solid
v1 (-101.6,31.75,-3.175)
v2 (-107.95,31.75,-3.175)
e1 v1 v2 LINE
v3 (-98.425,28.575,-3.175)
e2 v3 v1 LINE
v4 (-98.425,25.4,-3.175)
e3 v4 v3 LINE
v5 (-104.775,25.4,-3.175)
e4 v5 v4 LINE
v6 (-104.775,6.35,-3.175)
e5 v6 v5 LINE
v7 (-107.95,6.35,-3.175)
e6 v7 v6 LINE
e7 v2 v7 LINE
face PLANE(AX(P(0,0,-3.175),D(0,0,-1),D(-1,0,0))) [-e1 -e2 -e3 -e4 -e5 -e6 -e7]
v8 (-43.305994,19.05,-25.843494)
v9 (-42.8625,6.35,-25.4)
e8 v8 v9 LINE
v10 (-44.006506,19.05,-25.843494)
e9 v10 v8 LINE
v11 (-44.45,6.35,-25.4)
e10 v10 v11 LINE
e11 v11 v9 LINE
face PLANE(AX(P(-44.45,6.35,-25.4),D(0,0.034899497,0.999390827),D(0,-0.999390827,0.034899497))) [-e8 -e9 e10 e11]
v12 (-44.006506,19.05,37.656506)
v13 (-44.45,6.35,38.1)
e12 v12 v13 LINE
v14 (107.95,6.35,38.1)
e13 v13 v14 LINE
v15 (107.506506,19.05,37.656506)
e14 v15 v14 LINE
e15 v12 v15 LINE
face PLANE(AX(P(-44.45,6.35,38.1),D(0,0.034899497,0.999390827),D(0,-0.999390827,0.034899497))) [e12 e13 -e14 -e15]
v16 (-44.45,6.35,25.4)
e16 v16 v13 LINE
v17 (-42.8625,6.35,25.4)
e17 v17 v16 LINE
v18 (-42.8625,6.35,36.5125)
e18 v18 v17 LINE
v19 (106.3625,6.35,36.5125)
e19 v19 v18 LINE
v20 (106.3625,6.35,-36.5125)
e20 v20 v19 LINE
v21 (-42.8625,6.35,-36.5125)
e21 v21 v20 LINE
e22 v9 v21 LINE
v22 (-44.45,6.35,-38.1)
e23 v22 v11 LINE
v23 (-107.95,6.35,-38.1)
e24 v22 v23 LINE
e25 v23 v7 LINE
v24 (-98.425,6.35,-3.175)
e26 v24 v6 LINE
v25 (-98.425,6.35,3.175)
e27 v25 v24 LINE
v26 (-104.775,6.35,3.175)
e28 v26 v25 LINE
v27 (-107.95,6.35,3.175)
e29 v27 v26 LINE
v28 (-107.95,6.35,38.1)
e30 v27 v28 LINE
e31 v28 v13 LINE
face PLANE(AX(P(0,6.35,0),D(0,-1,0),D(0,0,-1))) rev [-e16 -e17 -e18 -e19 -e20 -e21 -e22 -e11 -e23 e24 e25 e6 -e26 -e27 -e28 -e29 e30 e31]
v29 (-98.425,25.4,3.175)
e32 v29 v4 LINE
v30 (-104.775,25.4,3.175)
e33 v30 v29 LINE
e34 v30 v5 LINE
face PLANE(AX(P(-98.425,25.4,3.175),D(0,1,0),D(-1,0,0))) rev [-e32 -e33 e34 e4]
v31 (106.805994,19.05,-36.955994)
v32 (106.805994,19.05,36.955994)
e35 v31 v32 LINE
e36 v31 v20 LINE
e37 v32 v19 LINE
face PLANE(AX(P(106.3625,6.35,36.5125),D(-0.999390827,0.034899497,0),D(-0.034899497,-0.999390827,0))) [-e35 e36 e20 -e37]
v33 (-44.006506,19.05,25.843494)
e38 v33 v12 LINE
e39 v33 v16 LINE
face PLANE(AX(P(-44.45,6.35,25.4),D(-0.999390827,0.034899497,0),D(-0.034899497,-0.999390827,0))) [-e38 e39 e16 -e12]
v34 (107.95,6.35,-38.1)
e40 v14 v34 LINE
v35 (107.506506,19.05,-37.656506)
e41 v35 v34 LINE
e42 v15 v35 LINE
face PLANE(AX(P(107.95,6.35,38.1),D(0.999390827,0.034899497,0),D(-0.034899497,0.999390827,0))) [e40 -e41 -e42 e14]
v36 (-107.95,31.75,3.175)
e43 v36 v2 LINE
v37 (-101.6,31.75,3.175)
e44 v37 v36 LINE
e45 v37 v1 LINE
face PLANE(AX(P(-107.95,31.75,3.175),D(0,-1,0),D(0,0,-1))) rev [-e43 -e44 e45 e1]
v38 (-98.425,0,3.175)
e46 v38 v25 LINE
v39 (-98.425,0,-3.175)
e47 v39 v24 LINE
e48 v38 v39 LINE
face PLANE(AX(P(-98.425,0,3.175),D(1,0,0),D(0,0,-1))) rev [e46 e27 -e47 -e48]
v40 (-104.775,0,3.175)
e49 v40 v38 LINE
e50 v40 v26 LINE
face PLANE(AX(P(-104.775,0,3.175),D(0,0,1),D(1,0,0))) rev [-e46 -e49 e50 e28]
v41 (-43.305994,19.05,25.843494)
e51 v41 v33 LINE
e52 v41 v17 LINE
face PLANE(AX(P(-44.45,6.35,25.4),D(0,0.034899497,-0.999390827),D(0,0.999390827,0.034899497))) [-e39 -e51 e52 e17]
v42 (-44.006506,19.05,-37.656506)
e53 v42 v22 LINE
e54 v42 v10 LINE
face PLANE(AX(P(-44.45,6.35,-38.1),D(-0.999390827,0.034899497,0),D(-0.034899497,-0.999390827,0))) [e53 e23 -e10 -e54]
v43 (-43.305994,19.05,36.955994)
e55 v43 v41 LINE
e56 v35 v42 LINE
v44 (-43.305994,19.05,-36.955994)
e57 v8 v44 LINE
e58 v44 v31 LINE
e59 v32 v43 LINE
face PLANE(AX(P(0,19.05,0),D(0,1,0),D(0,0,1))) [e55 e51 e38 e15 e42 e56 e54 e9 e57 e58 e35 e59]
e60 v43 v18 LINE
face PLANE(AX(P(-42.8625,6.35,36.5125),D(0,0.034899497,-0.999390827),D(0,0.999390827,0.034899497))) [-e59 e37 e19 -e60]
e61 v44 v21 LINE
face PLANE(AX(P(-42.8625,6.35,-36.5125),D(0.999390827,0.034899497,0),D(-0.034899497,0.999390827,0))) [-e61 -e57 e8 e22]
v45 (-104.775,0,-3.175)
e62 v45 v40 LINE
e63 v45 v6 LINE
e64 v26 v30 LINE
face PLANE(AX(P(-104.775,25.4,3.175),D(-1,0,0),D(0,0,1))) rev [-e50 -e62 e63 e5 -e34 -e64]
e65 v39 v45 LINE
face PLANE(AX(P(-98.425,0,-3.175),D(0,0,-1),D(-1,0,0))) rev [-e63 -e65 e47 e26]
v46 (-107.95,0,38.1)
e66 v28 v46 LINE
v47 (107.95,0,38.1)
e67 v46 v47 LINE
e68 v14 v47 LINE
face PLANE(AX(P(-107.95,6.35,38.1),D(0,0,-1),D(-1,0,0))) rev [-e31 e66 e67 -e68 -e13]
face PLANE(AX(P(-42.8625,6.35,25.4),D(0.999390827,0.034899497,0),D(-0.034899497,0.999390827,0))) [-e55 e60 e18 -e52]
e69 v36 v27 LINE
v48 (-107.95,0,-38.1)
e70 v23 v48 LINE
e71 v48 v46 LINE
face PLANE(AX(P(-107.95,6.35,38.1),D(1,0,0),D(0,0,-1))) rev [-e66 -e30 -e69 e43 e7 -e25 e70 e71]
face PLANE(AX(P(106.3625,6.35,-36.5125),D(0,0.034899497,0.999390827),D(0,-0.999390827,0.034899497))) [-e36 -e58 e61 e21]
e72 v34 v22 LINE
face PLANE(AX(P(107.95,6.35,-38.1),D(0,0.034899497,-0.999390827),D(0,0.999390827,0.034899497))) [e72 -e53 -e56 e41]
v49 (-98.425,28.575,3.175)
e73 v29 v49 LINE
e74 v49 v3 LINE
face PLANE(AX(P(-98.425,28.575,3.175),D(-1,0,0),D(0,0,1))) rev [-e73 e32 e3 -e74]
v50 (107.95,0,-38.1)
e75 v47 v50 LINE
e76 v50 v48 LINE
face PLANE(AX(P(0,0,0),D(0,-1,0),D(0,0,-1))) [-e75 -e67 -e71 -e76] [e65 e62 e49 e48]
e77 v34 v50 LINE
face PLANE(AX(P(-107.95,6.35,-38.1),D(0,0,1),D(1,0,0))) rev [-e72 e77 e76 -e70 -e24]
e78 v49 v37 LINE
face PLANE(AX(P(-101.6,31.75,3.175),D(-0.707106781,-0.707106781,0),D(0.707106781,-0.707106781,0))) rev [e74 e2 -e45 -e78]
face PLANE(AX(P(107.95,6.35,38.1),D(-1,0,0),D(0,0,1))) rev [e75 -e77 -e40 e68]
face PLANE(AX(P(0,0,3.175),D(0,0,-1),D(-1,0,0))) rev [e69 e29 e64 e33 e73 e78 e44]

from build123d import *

# Parameters (mm, degrees)
SKETCH1_W           = 215.9
SKETCH1_H           = 76.2
BOSS_EXTRUDE1_DEPTH = 6.35
BOSS_EXTRUDE2_DEPTH = 12.7
BOSS_EXTRUDE2_TAPER = 2
BOSS_EXTRUDE3_DEPTH = 3.175
SKETCH4_W           = 6.35
SKETCH4_H           = 6.35
CUT_EXTRUDE1_DEPTH  = 118.26027686


with BuildPart() as part:
    # Sketch1 → Boss-Extrude1 (new body)
    with BuildSketch(Plane(origin=(0, 0, 0), x_dir=(1, 0, 0), z_dir=(0, 1, 0))):
        Rectangle(SKETCH1_W, SKETCH1_H)
    extrude(amount=BOSS_EXTRUDE1_DEPTH)

    # Sketch2 → Boss-Extrude2 (add)
    with BuildSketch(Plane(origin=(0, 6.35, 0), x_dir=(1, 0, 0), z_dir=(0, 1, 0))):
        Polygon((-44.45, -38.1), (107.95, -38.1), (107.95, 38.1), (-44.45, 38.1), (-44.45, 25.4), (-42.8625, 25.4), (-42.8625, 36.5125), (106.3625, 36.5125), (106.3625, -36.5125), (-42.8625, -36.5125), (-42.8625, -25.4), (-44.45, -25.4), align=None)
    extrude(amount=BOSS_EXTRUDE2_DEPTH, taper=BOSS_EXTRUDE2_TAPER)

    # Sketch3 → Boss-Extrude3 (add, symmetric)
    with BuildSketch(Plane.XY):
        Polygon((-107.95, 6.35), (-107.95, 31.75), (-101.6, 31.75), (-98.425, 28.575), (-98.425, 25.4), (-104.775, 25.4), (-104.775, 6.35), align=None)
    extrude(amount=BOSS_EXTRUDE3_DEPTH, both=True)

    # Sketch4 → Cut-Extrude1 (cut, through all)
    with BuildSketch(Plane(origin=(0, 6.35, 0), x_dir=(1, 0, 0), z_dir=(0, 1, 0))):
        with Locations((-101.6, 0)):
            Rectangle(SKETCH4_W, SKETCH4_H)
    extrude(amount=-CUT_EXTRUDE1_DEPTH, mode=Mode.SUBTRACT)


solid = part.part
